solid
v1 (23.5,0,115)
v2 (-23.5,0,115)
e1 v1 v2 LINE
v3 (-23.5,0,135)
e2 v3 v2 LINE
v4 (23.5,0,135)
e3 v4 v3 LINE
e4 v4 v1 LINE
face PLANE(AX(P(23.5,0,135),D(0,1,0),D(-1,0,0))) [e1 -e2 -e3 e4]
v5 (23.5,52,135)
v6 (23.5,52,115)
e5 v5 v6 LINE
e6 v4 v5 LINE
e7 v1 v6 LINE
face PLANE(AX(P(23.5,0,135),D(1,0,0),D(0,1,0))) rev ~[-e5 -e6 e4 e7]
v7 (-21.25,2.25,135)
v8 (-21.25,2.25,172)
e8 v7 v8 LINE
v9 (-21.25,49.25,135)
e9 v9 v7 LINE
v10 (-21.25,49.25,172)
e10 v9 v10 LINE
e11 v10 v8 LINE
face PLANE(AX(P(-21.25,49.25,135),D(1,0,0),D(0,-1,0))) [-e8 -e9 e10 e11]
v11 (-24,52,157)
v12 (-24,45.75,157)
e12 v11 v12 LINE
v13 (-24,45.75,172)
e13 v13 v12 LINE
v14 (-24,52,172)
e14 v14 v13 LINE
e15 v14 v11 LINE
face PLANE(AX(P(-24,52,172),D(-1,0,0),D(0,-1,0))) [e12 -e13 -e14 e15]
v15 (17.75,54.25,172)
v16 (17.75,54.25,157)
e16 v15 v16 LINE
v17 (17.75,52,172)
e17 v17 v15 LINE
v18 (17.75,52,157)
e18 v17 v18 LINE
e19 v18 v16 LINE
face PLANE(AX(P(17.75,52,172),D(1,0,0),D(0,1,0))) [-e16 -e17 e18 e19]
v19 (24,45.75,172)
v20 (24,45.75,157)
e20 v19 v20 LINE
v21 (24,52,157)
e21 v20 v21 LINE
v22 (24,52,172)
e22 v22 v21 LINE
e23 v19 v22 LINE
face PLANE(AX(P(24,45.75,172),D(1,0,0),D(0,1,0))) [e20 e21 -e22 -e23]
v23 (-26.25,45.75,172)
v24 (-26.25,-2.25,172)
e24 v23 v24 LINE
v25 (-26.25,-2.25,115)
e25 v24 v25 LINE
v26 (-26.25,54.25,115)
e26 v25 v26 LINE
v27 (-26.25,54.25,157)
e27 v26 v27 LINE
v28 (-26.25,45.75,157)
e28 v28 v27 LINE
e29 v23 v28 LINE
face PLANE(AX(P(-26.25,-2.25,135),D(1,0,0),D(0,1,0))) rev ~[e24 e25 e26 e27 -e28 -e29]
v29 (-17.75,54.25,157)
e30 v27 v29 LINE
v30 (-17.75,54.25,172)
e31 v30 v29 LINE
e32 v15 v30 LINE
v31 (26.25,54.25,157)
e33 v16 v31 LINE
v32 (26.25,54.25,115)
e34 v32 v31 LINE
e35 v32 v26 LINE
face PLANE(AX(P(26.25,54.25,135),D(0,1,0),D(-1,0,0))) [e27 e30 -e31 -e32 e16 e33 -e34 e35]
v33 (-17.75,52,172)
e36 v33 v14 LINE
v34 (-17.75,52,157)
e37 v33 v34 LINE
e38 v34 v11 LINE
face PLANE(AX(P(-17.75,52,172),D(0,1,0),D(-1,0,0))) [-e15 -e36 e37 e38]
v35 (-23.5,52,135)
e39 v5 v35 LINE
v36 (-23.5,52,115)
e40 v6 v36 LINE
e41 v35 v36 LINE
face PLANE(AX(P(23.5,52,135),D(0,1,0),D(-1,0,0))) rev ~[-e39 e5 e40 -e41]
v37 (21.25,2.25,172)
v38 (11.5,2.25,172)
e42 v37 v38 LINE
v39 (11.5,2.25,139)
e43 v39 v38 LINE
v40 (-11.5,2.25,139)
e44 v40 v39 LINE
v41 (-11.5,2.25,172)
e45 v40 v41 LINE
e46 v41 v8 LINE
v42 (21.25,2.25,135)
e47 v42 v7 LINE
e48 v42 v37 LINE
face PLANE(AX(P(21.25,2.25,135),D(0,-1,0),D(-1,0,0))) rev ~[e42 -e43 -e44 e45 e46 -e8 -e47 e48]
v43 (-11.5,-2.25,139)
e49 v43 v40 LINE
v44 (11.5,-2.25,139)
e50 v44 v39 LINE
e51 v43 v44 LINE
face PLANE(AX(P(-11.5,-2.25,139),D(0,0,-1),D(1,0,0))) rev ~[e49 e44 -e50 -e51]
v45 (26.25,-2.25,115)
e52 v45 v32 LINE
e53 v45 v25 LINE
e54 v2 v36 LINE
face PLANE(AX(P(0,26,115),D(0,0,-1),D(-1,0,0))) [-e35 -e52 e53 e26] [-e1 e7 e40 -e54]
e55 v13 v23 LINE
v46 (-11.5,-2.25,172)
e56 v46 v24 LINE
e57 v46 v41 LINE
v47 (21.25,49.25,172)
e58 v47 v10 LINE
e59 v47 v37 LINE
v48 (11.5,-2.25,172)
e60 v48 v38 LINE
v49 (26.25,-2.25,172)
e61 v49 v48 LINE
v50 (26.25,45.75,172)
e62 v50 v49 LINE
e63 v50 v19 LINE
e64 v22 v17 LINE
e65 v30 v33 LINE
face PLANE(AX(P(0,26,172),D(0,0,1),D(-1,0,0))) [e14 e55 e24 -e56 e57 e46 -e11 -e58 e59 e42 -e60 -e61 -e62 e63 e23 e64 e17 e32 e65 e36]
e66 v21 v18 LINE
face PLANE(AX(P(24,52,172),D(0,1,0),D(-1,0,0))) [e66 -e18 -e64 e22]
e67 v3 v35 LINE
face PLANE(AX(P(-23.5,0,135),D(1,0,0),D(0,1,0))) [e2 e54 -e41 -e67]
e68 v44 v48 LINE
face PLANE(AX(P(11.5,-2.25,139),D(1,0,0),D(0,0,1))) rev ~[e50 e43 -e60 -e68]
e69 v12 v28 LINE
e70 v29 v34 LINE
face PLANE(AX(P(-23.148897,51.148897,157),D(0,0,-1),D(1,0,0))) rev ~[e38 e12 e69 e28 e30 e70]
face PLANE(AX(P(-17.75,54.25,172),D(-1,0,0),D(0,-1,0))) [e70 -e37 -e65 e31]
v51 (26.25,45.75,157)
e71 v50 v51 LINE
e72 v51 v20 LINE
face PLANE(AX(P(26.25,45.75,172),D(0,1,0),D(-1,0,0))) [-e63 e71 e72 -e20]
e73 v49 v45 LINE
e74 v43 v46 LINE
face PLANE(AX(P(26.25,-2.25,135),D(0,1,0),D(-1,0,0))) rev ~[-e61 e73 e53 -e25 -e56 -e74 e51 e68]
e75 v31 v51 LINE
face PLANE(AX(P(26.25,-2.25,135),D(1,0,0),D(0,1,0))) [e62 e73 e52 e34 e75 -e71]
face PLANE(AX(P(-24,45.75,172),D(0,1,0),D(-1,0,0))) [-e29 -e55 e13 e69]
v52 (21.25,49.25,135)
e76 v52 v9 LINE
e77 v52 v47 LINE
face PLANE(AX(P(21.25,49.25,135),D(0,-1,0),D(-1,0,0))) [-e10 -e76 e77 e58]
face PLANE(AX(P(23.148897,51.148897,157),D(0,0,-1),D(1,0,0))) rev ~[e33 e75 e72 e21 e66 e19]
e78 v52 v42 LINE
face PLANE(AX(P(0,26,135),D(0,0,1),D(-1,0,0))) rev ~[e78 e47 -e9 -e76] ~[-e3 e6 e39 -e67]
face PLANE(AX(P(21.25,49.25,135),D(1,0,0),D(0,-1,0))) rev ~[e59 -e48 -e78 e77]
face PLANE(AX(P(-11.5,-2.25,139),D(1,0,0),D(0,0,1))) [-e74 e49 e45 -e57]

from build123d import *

# Parameters (mm, degrees)
SKETCH122_W             = 52.5
SKETCH122_H             = 56.5
SKETCH122_W_2           = 42.5
SKETCH122_H_2           = 47
PAD062_DEPTH            = 37
SKETCH121_W             = 23
SKETCH121_H             = 33
POCKET053_DEPTH         = 5
SKETCH123_W             = 52.5
SKETCH123_H             = 56.5
SKETCH123_W_2           = 47
SKETCH123_H_2           = 52
PAD061_DEPTH            = 20
POCKET061_DEPTH         = 15
BODY034_PLACEMENT_ANGLE = 180


with BuildPart() as part:
    # Sketch122 → Pad062 (new body)
    with BuildSketch(Plane.XY):
        with Locations((0, -26)):
            Rectangle(SKETCH122_W, SKETCH122_H)
        with Locations((0, -25.75)):
            Rectangle(SKETCH122_W_2, SKETCH122_H_2, mode=Mode.SUBTRACT)
    extrude(amount=PAD062_DEPTH)

    # Sketch121 (on Face1 of Pad062) → Pocket053 (cut)
    with BuildSketch(Plane(origin=(0, 2.25, 0), x_dir=(-1, 0, 0), z_dir=(0, 1, 0))):
        with Locations((0, 20.5)):
            Rectangle(SKETCH121_W, SKETCH121_H)
    extrude(amount=-POCKET053_DEPTH, mode=Mode.SUBTRACT)

    # Sketch123 (on Face2 of Pocket053) → Pad061 (join)
    with BuildSketch(Plane(origin=(0, 0, 0), x_dir=(1, 0, 0), z_dir=(0, 0, -1))):
        with Locations((0, 26)):
            Rectangle(SKETCH123_W, SKETCH123_H)
        with Locations((0, 26)):
            Rectangle(SKETCH123_W_2, SKETCH123_H_2, mode=Mode.SUBTRACT)
    extrude(amount=PAD061_DEPTH)

    # Sketch137 (on Face1 of Pad061) → Pocket061 (cut)
    with BuildSketch(Plane.XY.offset(37)):
        Polygon((-26.25, -54.25), (-26.25, -45.75), (-24, -45.75), (-24, -52), (-17.75, -52), (-17.75, -54.25), align=None)
        Polygon((26.25, -54.25), (17.75, -54.25), (17.75, -52), (24, -52), (24, -45.75), (26.25, -45.75), align=None)
    extrude(amount=-POCKET061_DEPTH, mode=Mode.SUBTRACT)


with BuildPart() as part_1:
    # Body034 placement: moved
    add(part.part.moved(Location((0, 0, 135))).rotate(Axis((0, 0, 135), (0, 0, 1)), BODY034_PLACEMENT_ANGLE))


solid = part_1.part
